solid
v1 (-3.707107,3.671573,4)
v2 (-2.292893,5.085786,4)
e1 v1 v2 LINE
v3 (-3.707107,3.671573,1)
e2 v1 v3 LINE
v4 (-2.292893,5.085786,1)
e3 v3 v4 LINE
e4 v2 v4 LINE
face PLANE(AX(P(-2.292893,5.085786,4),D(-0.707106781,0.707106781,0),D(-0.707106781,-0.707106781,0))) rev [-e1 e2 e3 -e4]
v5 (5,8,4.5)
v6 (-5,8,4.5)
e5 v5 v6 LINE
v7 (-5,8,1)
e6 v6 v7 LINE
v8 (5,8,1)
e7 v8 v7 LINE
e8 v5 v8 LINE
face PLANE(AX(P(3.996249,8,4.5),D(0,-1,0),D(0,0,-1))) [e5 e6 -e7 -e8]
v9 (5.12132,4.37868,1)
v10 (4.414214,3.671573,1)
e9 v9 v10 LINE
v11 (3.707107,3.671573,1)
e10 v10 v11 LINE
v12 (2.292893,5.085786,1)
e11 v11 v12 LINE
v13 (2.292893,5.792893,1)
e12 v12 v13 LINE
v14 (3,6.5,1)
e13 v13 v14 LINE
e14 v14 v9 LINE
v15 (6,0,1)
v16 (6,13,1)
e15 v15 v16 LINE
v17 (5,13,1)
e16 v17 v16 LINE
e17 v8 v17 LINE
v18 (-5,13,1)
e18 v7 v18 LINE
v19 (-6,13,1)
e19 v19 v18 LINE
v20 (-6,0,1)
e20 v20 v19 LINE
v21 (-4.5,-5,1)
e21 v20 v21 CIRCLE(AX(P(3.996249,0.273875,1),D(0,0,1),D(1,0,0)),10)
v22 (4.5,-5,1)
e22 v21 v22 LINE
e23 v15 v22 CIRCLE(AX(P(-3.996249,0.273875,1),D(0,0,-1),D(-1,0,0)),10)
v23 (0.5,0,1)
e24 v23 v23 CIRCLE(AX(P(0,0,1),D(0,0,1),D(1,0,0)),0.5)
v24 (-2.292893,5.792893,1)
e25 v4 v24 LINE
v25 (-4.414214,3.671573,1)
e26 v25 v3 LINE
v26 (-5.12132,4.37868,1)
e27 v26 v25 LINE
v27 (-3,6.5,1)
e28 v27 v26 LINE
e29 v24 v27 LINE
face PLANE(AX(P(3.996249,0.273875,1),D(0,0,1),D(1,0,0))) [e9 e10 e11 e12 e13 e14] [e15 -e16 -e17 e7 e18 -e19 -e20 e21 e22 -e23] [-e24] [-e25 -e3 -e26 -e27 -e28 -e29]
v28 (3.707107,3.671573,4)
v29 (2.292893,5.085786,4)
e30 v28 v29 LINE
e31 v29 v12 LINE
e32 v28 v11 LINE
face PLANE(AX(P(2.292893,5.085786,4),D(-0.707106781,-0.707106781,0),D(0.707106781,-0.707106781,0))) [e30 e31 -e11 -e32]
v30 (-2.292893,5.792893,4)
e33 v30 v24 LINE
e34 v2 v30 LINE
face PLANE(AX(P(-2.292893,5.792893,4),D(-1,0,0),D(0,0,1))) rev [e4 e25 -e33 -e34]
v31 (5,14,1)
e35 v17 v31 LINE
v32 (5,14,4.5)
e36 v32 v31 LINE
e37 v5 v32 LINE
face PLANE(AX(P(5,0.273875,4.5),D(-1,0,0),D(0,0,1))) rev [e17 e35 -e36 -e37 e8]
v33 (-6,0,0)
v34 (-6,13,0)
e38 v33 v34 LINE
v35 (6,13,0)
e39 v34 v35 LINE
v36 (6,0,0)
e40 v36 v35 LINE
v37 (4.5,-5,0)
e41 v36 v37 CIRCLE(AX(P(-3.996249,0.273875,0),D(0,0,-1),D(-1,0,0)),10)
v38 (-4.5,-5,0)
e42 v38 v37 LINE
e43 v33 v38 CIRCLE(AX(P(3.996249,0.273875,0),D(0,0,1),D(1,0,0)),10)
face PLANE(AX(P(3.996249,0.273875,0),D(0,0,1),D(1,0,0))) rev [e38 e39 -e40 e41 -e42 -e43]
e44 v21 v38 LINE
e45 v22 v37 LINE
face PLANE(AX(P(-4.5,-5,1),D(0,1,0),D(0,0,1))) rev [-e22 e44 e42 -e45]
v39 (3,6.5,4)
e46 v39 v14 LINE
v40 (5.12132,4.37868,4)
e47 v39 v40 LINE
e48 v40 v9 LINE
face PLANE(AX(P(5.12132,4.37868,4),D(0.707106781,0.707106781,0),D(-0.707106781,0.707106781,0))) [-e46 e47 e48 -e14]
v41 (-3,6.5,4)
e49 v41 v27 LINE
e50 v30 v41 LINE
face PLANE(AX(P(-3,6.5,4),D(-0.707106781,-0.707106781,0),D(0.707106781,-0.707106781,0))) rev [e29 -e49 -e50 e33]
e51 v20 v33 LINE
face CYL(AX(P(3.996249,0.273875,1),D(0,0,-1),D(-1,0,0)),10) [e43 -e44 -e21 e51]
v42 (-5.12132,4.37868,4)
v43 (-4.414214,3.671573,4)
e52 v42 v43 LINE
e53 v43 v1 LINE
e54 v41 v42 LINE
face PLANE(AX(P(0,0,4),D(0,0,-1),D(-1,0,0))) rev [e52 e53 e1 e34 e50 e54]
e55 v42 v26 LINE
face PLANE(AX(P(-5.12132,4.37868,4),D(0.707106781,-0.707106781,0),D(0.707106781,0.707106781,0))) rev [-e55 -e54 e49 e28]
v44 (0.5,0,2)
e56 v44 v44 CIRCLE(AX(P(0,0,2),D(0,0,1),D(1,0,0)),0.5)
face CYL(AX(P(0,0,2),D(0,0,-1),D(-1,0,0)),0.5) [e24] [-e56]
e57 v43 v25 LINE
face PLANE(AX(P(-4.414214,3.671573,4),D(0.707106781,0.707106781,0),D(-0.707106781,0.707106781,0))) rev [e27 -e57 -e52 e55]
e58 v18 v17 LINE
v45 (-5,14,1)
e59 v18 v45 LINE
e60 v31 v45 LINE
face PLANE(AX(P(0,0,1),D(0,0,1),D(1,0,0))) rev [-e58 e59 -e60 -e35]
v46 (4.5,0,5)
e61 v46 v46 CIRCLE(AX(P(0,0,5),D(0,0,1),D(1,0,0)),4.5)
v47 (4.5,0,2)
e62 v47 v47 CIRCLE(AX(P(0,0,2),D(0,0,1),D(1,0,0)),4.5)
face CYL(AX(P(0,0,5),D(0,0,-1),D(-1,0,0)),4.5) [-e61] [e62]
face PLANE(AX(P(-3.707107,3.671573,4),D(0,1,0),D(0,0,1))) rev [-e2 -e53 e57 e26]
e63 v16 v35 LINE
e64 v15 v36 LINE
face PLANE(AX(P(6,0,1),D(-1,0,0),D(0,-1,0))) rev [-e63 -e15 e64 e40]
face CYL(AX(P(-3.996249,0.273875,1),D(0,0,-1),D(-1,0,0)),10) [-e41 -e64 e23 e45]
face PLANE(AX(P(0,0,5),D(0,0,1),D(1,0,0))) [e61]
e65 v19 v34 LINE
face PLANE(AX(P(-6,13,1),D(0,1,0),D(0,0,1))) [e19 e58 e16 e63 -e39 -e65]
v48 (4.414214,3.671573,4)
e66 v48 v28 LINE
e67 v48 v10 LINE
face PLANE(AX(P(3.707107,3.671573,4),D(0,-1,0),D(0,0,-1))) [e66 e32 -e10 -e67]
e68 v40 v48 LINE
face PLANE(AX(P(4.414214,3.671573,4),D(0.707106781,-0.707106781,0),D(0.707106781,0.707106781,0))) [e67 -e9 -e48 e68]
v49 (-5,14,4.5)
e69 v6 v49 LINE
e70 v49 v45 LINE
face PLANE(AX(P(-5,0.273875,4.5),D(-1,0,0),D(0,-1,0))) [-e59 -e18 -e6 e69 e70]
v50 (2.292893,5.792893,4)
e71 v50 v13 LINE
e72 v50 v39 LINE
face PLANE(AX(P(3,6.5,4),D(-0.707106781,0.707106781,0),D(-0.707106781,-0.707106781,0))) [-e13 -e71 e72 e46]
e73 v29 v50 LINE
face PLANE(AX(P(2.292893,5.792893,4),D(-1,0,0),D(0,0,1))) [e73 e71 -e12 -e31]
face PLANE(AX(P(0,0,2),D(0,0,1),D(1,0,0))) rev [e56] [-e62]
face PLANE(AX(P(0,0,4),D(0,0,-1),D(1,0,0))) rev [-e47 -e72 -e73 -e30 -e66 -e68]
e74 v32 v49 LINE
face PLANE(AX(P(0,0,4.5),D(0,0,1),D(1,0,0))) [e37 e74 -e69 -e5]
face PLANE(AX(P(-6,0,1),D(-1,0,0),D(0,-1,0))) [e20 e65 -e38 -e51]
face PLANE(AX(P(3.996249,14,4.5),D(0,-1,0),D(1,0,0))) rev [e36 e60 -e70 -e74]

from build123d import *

# Parameters (mm, degrees)
BOSS_EXTRU_1_DEPTH = 1
BOSS_EXTRU_2_START = 1
BOSS_EXTRU_2_DEPTH = 1
BOSS_EXTRU_3_START = 2
BOSS_EXTRU_3_DEPTH = 3
BOSS_EXTRU_4_START = 1
ESQUISSE1_6_W      = 10
ESQUISSE1_6_H      = 6
BOSS_EXTRU_4_DEPTH = 3.5
BOSS_EXTRU_5_DEPTH = 3


with BuildPart() as part:
    # Esquisse1 → Boss.-Extru.1 (new body)
    with BuildSketch(Plane.XY):
        with BuildLine():
            Line((-6, 0), (-6, 13))
            Line((-6, 13), (6, 13))
            Line((6, 13), (6, 0))
            ThreePointArc((6, 0), (5.582013923, -2.599604177), (4.5, -5))
            Line((4.5, -5), (-4.5, -5))
            ThreePointArc((-4.5, -5), (-5.582013923, -2.599604177), (-6, 0))
        make_face()
    extrude(amount=BOSS_EXTRU_1_DEPTH)

    # Esquisse1<4> → Boss.-Extru.2 (add)
    with BuildSketch(Plane.XY.offset(BOSS_EXTRU_2_START)):
        with BuildLine():
            ThreePointArc((0, 0.5), (-0.5, 0), (0, -0.5))
            Line((0, -0.5), (0, 0.5))
        make_face()
        with BuildLine():
            Line((0, 0.5), (0, -0.5))
            ThreePointArc((0, -0.5), (0.353553391, -0.353553391), (0.5, 0))
            ThreePointArc((0.5, 0), (0.353553391, 0.353553391), (0, 0.5))
        make_face()
    extrude(amount=BOSS_EXTRU_2_DEPTH)

    # Esquisse1<5> → Boss.-Extru.3 (add)
    with BuildSketch(Plane.XY.offset(BOSS_EXTRU_3_START)):
        with BuildLine():
            ThreePointArc((0, 4.5), (-4.5, 0), (0, -4.5))
            Line((0, -4.5), (0, -0.5))
            ThreePointArc((0, -0.5), (-0.5, 0), (0, 0.5))
            Line((0, 0.5), (0, 4.5))
        make_face()
        with BuildLine():
            Line((0, -0.5), (0, -4.5))
            ThreePointArc((0, -4.5), (3.181980515, -3.181980515), (4.5, 0))
            ThreePointArc((4.5, 0), (3.181980515, 3.181980515), (0, 4.5))
            Line((0, 4.5), (0, 0.5))
            ThreePointArc((0, 0.5), (0.353553391, 0.353553391), (0.5, 0))
            ThreePointArc((0.5, 0), (0.353553391, -0.353553391), (0, -0.5))
        make_face()
        with BuildLine():
            ThreePointArc((0, 0.5), (-0.5, 0), (0, -0.5))
            Line((0, -0.5), (0, 0.5))
        make_face()
        with BuildLine():
            Line((0, 0.5), (0, -0.5))
            ThreePointArc((0, -0.5), (0.353553391, -0.353553391), (0.5, 0))
            ThreePointArc((0.5, 0), (0.353553391, 0.353553391), (0, 0.5))
        make_face()
    extrude(amount=BOSS_EXTRU_3_DEPTH)

    # Esquisse1<6> → Boss.-Extru.4 (add)
    with BuildSketch(Plane.XY.offset(BOSS_EXTRU_4_START)):
        with Locations((0, 11)):
            Rectangle(ESQUISSE1_6_W, ESQUISSE1_6_H)
    extrude(amount=BOSS_EXTRU_4_DEPTH)

    # Esquisse2 → Boss.-Extru.5 (add)
    with BuildSketch(Plane.XY.offset(1)):
        Polygon((-5.121320344, 4.378679656), (-3, 6.5), (-2.292893219, 5.792893219), (-2.292893219, 5.085786438), (-3.707106781, 3.671572875), (-4.414213562, 3.671572875), align=None)
    boss_extru_5 = extrude(amount=BOSS_EXTRU_5_DEPTH)

    # Symétrie1: Boss.-Extru.5 across plane
    add(boss_extru_5.mirror(Plane(origin=(0, 0, 0), x_dir=(0, 0, 1), z_dir=(1, 0, 0))))


solid = part.part
